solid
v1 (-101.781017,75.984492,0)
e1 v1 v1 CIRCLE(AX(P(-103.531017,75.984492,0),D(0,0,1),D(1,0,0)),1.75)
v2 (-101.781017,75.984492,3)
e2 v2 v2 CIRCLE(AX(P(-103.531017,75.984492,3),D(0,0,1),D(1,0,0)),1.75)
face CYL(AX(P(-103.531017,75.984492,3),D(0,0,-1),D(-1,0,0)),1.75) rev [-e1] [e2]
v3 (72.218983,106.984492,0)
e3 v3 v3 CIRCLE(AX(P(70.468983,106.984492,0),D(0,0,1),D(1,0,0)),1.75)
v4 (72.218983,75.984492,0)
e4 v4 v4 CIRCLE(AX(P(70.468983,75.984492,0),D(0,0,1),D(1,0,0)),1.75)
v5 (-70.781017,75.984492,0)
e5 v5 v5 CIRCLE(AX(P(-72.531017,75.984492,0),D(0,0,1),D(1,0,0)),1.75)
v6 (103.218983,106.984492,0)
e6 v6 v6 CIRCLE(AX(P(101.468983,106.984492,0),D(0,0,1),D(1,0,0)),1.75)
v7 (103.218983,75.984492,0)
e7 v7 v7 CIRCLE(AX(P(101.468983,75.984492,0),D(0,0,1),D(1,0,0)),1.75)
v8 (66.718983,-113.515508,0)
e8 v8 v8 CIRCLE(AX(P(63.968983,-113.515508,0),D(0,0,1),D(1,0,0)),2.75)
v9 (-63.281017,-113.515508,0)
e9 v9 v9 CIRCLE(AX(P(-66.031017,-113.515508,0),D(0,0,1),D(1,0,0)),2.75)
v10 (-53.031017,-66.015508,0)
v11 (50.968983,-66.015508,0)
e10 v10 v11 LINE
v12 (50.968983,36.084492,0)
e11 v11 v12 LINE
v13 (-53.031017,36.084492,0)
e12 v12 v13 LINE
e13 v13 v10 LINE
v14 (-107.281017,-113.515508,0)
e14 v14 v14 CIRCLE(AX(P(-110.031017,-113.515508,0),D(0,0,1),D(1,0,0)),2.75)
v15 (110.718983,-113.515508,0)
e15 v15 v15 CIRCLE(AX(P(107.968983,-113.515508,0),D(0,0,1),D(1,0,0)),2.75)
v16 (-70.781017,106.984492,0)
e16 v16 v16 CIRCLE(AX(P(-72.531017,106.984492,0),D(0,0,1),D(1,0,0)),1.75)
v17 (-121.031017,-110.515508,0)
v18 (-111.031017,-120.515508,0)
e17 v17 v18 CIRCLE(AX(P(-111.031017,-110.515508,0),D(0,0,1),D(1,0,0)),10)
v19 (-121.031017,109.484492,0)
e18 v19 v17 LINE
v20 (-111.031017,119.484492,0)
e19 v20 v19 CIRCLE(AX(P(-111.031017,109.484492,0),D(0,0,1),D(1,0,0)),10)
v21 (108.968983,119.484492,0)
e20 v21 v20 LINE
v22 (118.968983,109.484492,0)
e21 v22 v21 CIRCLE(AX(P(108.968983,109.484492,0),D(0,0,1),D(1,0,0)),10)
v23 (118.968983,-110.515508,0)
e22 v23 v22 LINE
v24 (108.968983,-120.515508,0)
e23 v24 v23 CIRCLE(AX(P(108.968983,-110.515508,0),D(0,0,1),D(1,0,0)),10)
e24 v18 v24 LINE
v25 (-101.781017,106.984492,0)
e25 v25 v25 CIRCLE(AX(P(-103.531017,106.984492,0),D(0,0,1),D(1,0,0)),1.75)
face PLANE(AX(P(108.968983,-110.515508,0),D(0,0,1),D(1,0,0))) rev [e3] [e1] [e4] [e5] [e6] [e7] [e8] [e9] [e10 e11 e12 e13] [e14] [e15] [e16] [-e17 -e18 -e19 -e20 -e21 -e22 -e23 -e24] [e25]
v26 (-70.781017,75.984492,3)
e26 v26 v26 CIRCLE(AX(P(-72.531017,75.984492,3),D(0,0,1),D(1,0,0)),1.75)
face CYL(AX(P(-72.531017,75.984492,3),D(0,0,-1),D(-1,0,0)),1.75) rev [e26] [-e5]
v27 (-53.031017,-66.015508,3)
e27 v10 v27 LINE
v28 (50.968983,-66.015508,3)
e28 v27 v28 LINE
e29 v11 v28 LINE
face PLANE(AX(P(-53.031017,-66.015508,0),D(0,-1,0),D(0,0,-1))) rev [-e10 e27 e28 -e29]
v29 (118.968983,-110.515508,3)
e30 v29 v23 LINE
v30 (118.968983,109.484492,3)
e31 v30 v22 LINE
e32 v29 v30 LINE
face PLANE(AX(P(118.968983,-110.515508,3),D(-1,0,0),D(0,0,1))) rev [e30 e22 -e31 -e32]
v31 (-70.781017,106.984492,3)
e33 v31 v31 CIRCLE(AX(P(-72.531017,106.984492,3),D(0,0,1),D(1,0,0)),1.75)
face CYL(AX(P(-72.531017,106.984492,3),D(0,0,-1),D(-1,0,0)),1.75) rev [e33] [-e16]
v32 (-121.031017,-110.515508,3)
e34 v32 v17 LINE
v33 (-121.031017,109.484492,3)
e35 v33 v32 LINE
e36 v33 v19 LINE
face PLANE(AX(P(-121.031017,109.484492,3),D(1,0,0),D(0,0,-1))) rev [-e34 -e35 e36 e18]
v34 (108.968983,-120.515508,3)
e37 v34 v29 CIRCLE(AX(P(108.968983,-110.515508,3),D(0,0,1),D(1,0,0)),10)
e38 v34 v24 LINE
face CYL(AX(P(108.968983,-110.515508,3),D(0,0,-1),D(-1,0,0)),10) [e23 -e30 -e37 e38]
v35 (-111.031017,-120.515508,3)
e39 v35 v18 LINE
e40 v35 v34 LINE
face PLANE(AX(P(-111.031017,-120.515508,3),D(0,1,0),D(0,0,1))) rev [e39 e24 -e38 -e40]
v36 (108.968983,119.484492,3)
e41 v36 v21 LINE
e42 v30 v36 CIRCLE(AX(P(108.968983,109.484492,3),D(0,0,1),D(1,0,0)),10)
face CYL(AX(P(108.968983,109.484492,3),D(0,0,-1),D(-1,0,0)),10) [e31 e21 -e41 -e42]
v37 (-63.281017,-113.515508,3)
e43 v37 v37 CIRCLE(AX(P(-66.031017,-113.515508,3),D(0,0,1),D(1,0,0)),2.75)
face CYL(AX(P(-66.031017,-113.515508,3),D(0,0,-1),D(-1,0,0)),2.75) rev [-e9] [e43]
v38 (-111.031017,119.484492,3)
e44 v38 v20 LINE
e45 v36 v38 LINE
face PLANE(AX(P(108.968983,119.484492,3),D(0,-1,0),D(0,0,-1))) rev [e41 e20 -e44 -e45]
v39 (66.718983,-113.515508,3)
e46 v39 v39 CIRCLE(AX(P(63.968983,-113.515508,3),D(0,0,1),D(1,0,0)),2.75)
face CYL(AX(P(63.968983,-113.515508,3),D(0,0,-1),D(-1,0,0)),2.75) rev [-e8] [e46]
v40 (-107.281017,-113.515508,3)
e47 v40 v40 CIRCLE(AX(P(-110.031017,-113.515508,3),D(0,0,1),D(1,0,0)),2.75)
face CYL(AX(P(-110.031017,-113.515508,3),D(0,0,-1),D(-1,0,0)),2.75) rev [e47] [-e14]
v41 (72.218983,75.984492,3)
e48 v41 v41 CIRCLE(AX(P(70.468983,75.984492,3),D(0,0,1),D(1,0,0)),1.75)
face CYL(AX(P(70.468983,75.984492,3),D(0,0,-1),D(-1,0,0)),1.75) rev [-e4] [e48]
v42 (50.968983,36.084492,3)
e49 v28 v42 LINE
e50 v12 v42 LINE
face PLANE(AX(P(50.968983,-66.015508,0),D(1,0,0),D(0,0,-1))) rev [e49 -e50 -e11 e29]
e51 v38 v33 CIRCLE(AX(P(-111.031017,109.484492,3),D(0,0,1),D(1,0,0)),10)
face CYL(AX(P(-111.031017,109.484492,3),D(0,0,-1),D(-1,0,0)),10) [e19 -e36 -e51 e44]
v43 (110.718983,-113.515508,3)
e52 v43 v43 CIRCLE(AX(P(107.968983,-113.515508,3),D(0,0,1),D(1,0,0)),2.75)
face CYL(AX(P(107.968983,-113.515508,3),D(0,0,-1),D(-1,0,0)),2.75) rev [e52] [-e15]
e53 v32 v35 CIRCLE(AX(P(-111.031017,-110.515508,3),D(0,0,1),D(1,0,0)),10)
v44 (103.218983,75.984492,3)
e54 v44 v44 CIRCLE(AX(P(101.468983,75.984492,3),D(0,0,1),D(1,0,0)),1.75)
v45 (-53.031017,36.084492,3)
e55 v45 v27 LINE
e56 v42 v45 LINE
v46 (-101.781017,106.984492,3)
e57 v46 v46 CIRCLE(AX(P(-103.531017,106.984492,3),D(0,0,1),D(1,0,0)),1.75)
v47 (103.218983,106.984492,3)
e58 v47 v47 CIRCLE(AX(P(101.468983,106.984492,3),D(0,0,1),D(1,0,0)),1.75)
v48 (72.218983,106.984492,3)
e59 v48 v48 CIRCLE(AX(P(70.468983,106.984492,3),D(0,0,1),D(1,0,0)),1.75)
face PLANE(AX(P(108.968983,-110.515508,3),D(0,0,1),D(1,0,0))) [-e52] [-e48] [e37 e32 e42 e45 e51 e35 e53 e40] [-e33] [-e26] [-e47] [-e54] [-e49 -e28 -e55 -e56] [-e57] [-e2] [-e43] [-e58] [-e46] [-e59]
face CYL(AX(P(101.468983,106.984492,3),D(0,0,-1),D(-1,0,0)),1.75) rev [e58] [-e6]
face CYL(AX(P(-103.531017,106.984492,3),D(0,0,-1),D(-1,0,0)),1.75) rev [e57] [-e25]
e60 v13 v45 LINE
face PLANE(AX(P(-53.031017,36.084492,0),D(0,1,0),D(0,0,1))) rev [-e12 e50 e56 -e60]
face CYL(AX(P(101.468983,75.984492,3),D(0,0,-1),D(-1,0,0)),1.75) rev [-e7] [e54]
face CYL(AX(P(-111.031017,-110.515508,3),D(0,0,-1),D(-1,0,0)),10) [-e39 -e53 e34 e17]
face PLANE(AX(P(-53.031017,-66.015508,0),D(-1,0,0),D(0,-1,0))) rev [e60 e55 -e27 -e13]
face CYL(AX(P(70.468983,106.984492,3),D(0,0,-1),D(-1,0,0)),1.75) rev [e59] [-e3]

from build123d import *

# Parameters (mm, degrees)
SKETCH3_R           = 1.75
SKETCH3_R_2         = 2.75
BOSS_EXTRUDE1_DEPTH = 3
SKETCH4_W           = 104
SKETCH4_H           = 102.1
CUT_EXTRUDE1_DEPTH  = 3


with BuildPart() as part:
    # Sketch3 → Boss-Extrude1 (new body)
    with BuildSketch(Plane.XY):
        with BuildLine():
            Line((118.968983292, -110.515508354), (118.968983292, 109.484491646))
            ThreePointArc((118.968983292, 109.484491646), (116.040051104, 116.555559458), (108.968983292, 119.484491646))
            Line((108.968983292, 119.484491646), (-111.031016708, 119.484491646))
            ThreePointArc((-111.031016708, 119.484491646), (-118.10208452, 116.555559458), (-121.031016708, 109.484491646))
            Line((-121.031016708, 109.484491646), (-121.031016708, -110.515508354))
            ThreePointArc((-121.031016708, -110.515508354), (-118.10208452, -117.586576166), (-111.031016708, -120.515508354))
            Line((-111.031016708, -120.515508354), (108.968983292, -120.515508354))
            ThreePointArc((108.968983292, -120.515508354), (116.040051104, -117.586576166), (118.968983292, -110.515508354))
        make_face()
        with Locations((-103.531016708, 75.984491646)):
            Circle(SKETCH3_R, mode=Mode.SUBTRACT)
        with Locations((-103.531016708, 106.984491646)):
            Circle(SKETCH3_R, mode=Mode.SUBTRACT)
        with Locations((-72.531016708, 106.984491646)):
            Circle(SKETCH3_R, mode=Mode.SUBTRACT)
        with Locations((-72.531016708, 75.984491646)):
            Circle(SKETCH3_R, mode=Mode.SUBTRACT)
        with Locations((-110.031016708, -113.515508354)):
            Circle(SKETCH3_R_2, mode=Mode.SUBTRACT)
        with Locations((-66.031016708, -113.515508354)):
            Circle(SKETCH3_R_2, mode=Mode.SUBTRACT)
        with Locations((63.968983292, -113.515508354)):
            Circle(SKETCH3_R_2, mode=Mode.SUBTRACT)
        with Locations((101.468983292, 75.984491646)):
            Circle(SKETCH3_R, mode=Mode.SUBTRACT)
        with Locations((101.468983292, 106.984491646)):
            Circle(SKETCH3_R, mode=Mode.SUBTRACT)
        with Locations((70.468983292, 106.984491646)):
            Circle(SKETCH3_R, mode=Mode.SUBTRACT)
        with Locations((70.468983292, 75.984491646)):
            Circle(SKETCH3_R, mode=Mode.SUBTRACT)
        with Locations((107.968983292, -113.515508354)):
            Circle(SKETCH3_R_2, mode=Mode.SUBTRACT)
    extrude(amount=BOSS_EXTRUDE1_DEPTH)

    # Sketch4 → Cut-Extrude1 (cut)
    with BuildSketch(Plane.XY.offset(3)):
        with Locations((-1.031016708, -14.965508354)):
            Rectangle(SKETCH4_W, SKETCH4_H)
    extrude(amount=-CUT_EXTRUDE1_DEPTH, mode=Mode.SUBTRACT)


solid = part.part
